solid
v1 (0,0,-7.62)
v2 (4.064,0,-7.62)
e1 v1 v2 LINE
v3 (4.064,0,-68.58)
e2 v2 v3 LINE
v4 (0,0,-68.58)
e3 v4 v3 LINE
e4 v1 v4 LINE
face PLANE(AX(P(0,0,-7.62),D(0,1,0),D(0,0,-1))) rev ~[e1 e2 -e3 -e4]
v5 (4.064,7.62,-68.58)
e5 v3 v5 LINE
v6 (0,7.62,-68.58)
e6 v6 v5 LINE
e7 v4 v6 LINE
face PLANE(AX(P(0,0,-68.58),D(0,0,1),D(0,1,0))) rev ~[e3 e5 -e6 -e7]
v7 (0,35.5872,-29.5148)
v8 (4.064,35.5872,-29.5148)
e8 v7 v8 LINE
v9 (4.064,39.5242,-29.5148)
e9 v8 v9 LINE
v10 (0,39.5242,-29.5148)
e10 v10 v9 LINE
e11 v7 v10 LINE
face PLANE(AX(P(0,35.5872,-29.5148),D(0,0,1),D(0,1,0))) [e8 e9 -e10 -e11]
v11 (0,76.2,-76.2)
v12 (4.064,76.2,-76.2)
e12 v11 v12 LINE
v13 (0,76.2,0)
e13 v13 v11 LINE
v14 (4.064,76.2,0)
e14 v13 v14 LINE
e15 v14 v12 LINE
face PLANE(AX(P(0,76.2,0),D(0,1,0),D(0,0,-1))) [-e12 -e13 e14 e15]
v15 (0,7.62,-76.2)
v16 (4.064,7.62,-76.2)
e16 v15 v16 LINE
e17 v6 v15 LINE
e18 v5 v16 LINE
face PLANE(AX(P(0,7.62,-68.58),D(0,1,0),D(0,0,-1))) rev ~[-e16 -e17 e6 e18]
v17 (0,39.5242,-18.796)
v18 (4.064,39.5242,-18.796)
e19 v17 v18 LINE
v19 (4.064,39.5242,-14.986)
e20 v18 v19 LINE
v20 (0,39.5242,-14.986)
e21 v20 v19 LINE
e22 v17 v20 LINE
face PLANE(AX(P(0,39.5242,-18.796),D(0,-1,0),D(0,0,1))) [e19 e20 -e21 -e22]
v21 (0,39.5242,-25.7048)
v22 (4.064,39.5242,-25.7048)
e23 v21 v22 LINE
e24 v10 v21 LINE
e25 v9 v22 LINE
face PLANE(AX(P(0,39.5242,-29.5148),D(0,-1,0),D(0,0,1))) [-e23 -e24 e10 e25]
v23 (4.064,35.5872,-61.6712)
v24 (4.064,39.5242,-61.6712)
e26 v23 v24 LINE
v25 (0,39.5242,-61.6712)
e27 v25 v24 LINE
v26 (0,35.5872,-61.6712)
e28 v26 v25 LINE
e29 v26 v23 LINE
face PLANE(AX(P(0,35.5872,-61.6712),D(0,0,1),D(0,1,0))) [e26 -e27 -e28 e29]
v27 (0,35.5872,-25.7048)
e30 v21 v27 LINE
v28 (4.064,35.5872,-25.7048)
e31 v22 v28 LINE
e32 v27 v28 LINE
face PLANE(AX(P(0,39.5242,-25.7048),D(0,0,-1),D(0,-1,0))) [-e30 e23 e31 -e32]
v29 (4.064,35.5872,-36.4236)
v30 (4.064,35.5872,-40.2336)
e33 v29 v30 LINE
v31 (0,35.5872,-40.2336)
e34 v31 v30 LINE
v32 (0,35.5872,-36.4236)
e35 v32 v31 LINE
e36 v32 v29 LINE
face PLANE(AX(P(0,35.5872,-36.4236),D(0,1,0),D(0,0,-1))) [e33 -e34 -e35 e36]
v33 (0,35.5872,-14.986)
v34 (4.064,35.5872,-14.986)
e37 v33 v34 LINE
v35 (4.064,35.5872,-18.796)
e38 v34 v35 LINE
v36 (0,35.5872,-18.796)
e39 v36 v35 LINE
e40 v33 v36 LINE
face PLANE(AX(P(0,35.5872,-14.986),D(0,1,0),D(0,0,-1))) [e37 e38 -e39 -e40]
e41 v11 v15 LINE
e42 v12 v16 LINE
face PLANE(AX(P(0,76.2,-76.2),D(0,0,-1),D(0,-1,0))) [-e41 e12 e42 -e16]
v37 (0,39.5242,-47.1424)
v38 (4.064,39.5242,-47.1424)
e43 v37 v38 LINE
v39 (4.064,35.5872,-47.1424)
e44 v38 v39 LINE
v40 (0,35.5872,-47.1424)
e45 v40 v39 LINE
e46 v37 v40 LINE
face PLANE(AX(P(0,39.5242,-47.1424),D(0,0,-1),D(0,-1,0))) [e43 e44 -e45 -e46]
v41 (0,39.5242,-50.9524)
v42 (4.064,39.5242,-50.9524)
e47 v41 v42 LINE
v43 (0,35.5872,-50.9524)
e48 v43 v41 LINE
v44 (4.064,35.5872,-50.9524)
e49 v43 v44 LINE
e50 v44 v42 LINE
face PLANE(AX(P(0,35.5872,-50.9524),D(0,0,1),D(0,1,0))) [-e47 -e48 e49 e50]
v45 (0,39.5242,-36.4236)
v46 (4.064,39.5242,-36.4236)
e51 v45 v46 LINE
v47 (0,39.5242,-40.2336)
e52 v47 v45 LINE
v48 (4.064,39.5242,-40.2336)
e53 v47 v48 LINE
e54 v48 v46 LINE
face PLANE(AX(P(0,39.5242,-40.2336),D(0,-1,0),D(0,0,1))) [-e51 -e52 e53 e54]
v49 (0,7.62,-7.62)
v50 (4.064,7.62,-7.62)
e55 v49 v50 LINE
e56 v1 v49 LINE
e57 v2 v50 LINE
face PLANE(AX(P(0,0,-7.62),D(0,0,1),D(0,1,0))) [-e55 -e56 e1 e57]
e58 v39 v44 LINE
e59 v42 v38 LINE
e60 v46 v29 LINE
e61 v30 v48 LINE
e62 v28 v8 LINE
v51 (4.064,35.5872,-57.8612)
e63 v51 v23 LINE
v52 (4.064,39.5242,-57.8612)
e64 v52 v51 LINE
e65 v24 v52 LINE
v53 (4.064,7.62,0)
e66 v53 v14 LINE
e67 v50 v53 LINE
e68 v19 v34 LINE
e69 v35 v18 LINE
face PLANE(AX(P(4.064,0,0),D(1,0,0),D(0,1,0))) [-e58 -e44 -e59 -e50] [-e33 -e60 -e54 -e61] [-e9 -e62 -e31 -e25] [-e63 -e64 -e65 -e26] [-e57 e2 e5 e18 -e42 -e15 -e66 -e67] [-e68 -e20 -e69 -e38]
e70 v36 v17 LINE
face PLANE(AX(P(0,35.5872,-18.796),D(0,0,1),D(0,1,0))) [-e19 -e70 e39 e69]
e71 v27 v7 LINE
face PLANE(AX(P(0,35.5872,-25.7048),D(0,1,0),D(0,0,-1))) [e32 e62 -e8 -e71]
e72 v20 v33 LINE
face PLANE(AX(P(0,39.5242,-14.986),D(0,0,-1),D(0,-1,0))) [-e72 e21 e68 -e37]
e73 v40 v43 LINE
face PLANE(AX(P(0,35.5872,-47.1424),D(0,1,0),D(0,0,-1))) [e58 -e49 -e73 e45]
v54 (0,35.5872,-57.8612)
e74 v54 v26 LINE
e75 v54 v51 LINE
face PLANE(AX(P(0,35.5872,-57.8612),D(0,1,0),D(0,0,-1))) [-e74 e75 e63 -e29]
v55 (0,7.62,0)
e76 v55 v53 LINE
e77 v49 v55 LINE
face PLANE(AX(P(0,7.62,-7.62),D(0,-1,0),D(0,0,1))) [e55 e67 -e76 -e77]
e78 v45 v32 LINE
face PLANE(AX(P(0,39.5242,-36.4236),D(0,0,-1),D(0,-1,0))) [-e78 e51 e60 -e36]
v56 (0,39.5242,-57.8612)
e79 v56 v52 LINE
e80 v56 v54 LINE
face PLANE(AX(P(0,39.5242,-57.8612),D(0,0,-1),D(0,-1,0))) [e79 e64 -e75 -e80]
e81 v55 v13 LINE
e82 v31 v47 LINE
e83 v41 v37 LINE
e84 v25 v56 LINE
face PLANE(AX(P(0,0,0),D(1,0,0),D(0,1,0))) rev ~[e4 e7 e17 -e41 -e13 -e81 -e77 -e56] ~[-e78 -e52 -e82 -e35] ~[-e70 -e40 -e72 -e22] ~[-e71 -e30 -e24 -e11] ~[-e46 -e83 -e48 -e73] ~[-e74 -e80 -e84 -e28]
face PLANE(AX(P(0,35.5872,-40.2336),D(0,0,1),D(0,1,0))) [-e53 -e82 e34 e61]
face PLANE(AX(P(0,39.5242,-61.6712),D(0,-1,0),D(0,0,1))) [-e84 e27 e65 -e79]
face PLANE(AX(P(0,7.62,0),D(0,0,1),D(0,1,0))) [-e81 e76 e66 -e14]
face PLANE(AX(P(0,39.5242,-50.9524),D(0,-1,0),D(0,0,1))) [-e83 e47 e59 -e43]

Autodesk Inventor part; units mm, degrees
ref_plane "YZ Plane" through (0, 0, 0) normal (1, 0, 0) x (0, 1, 0)
ref_plane "XZ Plane" through (0, 0, 0) normal (0, 1, 0) x (-1, 0, 0)
ref_plane "XY Plane" through (0, 0, 0) normal (0, 0, 1) x (1, 0, 0)
sketch "Sketch1" plane through (0, 0, 0) normal (1, 0, 0) x (0, 1, 0)
  line L0 (7.62, 0) -> (76.2, 0)
  line L1 (76.2, 0) -> (76.2, -76.2)
  line L2 (76.2, -76.2) -> (7.62, -76.2)
  line L3 (0, -76.2) -> (0, 0) construction
  line L4 (39.5242, -14.986) -> (35.5872, -14.986)
  line L5 (35.5872, -14.986) -> (35.5872, -18.796)
  line L6 (35.5872, -18.796) -> (39.5242, -18.796)
  line L7 (39.5242, -18.796) -> (39.5242, -14.986)
  line L8 (39.5242, -25.7048) -> (35.5872, -25.7048)
  line L9 (35.5872, -25.7048) -> (35.5872, -29.5148)
  line L10 (35.5872, -29.5148) -> (39.5242, -29.5148)
  line L11 (39.5242, -29.5148) -> (39.5242, -25.7048)
  line L12 (39.5242, -36.4236) -> (35.5872, -36.4236)
  line L13 (35.5872, -36.4236) -> (35.5872, -40.2336)
  line L14 (35.5872, -40.2336) -> (39.5242, -40.2336)
  line L15 (39.5242, -40.2336) -> (39.5242, -36.4236)
  line L16 (39.5242, -47.1424) -> (35.5872, -47.1424)
  line L17 (35.5872, -47.1424) -> (35.5872, -50.9524)
  line L18 (35.5872, -50.9524) -> (39.5242, -50.9524)
  line L19 (39.5242, -50.9524) -> (39.5242, -47.1424)
  line L20 (39.5242, -57.8612) -> (35.5872, -57.8612)
  line L21 (35.5872, -57.8612) -> (35.5872, -61.6712)
  line L22 (35.5872, -61.6712) -> (39.5242, -61.6712)
  line L23 (39.5242, -61.6712) -> (39.5242, -57.8612)
  line L24 (0, -7.62) -> (7.62, -7.62)
  line L25 (7.62, -7.62) -> (7.62, 0)
  line L26 (0, -68.58) -> (7.62, -68.58)
  line L27 (7.62, -68.58) -> (7.62, -76.2)
  line L28 (0, -7.62) -> (0, -68.58)
  dimension "d8" = 12.7
  dimension "d18" = 10.6045
  dimension "d5" = 3.81
  dimension "d15" = 3.937
  dimension "d27" = 10.7188
extrude "Extrusion1" add sketch "Sketch1" along normal blind 4.064
properties part number "frame_front"
